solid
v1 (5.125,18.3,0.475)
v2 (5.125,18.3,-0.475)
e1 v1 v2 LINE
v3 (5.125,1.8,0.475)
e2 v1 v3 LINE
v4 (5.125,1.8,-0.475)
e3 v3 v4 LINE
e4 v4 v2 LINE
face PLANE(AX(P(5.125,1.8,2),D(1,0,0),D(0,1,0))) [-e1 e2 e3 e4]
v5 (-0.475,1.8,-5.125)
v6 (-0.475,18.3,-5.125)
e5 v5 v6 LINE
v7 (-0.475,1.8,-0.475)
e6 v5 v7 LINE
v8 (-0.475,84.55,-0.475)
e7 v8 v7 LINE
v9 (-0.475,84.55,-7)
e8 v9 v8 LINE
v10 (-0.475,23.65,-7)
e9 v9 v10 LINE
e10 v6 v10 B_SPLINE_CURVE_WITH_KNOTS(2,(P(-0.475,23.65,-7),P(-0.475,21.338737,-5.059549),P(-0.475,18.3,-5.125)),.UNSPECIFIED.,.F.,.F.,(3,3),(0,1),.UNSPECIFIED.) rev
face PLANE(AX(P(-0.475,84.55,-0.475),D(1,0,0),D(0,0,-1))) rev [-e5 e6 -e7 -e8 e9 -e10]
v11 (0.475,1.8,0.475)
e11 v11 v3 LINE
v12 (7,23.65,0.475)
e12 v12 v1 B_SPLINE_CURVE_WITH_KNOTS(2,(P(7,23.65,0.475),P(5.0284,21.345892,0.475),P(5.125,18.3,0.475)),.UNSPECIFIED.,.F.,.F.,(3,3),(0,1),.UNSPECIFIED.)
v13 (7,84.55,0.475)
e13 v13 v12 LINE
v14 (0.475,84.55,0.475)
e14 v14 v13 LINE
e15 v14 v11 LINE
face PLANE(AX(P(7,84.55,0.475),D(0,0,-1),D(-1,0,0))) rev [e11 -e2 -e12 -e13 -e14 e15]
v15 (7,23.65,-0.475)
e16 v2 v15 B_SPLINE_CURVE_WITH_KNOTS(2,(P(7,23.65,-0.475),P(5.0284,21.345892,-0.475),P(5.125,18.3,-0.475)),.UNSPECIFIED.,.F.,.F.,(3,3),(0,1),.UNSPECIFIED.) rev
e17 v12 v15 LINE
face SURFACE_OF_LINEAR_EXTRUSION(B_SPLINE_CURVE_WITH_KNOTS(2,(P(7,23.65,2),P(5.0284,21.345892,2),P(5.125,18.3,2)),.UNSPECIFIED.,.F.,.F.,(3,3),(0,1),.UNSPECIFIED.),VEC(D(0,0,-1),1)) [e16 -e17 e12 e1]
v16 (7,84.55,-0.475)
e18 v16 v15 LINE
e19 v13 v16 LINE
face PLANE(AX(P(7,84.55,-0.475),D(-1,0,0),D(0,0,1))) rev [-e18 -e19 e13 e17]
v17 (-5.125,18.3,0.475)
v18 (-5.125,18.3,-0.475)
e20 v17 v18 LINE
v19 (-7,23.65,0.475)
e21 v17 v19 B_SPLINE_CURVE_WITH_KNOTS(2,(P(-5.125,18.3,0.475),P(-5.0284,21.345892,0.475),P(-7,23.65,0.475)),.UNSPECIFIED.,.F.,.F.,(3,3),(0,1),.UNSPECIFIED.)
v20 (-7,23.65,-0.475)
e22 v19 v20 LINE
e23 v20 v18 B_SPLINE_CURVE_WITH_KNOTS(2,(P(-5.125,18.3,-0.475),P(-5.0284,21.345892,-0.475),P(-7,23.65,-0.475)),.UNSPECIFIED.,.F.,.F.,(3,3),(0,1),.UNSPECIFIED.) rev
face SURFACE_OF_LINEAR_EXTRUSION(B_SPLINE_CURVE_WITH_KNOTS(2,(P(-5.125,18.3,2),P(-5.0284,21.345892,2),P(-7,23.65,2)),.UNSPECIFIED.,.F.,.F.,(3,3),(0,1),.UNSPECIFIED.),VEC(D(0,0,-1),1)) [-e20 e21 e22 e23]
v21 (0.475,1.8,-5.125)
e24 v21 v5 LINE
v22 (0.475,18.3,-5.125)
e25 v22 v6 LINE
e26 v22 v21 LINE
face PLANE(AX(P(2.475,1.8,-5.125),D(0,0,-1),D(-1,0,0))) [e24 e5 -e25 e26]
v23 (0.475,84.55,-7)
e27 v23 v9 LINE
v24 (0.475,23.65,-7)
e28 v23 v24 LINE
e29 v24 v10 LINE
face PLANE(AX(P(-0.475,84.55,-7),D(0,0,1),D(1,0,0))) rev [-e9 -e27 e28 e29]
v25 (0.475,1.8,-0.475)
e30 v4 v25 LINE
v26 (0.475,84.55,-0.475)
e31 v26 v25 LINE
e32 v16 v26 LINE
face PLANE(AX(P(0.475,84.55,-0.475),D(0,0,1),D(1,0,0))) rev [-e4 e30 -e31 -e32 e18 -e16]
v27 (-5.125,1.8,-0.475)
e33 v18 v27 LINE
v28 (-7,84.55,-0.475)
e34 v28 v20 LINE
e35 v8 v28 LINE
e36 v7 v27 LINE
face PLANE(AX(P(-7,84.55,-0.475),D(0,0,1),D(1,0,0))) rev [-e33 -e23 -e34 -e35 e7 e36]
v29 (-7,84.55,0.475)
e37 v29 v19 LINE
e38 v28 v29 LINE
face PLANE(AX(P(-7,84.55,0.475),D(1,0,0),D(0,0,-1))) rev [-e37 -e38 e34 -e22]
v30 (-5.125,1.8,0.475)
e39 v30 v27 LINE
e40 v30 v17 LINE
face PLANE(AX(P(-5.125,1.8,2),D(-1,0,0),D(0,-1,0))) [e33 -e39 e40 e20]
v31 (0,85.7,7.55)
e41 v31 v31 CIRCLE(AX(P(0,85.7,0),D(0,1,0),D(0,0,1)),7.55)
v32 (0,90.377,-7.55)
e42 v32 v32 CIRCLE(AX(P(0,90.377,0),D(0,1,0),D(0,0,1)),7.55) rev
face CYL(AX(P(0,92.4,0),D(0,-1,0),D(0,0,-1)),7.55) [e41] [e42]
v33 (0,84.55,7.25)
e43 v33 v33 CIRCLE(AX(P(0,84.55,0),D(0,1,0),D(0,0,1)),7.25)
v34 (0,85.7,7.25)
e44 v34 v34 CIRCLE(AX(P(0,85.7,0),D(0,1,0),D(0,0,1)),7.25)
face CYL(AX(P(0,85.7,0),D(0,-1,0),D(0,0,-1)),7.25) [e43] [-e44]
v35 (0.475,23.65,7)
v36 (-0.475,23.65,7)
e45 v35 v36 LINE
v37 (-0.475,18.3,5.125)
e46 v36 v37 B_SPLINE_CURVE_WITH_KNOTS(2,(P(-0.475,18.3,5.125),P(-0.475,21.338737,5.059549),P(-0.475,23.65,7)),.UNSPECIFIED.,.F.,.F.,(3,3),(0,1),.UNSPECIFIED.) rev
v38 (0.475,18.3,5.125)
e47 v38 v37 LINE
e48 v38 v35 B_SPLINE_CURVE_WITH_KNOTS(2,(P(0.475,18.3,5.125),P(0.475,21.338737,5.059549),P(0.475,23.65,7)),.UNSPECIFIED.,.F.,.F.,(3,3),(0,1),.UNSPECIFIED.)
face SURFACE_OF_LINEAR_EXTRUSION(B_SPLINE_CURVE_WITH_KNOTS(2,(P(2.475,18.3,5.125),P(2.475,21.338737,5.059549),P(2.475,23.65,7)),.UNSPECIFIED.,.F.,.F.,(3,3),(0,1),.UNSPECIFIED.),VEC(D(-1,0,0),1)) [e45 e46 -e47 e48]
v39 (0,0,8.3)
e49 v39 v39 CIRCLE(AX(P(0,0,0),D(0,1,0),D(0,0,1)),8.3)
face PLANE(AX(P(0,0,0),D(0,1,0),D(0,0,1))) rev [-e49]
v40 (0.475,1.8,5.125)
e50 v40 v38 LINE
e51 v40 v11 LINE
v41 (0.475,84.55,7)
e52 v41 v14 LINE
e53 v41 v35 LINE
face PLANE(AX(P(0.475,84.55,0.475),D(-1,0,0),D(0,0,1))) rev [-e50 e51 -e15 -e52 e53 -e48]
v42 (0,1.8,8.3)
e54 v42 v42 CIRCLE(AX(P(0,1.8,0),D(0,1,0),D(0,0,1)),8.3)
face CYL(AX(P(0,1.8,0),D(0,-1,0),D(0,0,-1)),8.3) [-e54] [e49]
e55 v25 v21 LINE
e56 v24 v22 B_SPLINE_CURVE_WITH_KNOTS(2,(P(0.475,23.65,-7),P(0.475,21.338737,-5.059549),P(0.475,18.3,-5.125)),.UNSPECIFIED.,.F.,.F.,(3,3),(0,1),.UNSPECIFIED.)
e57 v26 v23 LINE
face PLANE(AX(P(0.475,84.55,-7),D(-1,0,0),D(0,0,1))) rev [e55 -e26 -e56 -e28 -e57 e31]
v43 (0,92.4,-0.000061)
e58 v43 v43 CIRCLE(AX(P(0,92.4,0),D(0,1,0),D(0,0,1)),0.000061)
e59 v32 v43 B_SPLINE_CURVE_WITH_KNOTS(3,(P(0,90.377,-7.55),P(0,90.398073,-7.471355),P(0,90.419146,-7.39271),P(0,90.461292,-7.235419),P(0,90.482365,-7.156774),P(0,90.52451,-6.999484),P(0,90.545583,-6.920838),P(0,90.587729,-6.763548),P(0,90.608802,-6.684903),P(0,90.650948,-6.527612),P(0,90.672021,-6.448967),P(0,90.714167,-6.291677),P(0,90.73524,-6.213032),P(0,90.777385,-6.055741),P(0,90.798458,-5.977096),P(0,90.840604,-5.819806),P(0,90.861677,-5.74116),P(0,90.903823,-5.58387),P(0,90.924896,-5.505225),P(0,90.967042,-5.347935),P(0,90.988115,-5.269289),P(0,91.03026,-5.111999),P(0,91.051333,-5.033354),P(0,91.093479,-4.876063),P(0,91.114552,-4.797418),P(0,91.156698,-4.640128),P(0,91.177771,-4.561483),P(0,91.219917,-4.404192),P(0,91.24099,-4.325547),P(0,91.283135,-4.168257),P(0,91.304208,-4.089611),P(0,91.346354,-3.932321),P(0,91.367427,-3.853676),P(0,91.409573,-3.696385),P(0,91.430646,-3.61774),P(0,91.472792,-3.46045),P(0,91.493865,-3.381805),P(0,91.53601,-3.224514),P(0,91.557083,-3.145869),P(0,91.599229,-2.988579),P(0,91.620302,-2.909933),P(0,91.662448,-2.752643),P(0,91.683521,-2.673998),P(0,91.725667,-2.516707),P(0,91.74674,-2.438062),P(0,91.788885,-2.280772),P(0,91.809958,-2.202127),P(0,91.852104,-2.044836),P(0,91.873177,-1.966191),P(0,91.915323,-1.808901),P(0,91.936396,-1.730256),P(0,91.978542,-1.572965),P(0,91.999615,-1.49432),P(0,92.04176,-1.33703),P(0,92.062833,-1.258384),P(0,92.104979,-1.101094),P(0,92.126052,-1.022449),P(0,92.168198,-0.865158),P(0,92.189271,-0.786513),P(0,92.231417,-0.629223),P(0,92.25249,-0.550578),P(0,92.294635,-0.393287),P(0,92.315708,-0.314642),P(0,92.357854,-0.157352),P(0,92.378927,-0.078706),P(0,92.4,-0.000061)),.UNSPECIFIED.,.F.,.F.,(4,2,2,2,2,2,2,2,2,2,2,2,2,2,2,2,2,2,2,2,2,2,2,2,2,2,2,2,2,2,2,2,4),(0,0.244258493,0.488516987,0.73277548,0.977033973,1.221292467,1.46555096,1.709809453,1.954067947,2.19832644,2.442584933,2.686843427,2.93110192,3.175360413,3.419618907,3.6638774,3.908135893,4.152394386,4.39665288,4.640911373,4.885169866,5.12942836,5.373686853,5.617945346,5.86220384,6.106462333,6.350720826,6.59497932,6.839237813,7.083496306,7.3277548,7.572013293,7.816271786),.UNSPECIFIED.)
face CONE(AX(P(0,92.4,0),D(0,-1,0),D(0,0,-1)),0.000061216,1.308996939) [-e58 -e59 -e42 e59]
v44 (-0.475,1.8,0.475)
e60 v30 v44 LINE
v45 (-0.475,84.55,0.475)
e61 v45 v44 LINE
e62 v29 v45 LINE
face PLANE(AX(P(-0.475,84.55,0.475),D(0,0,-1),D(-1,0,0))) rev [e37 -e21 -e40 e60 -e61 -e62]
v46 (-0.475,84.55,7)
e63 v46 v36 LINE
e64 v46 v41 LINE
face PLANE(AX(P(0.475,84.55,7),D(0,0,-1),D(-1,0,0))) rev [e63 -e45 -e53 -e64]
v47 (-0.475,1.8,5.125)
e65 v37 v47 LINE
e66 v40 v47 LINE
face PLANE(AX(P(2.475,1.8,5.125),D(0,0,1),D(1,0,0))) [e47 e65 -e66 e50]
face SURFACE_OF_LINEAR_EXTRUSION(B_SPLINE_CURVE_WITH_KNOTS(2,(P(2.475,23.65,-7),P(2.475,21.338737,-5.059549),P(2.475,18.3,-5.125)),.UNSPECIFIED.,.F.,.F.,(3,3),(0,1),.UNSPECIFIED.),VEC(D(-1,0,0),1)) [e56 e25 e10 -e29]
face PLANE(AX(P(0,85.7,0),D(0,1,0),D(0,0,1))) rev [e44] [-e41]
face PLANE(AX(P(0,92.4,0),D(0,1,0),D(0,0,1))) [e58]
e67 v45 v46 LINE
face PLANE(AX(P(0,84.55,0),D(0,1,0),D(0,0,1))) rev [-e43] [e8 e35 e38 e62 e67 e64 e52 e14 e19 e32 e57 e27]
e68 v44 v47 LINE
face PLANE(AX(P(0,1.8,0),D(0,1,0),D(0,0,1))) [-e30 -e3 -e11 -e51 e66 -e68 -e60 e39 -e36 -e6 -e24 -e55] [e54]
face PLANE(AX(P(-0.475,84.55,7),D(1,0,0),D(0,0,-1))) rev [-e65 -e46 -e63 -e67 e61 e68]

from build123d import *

# Parameters (mm, degrees)
SKETCH1_R               = 8.3
BOSS_EXTRUDE1_DEPTH     = 1.8
BOSS_EXTRUDE2_DEPTH     = 82.75
SKETCH3_R               = 7.25
BOSS_EXTRUDE3_DEPTH     = 1.15
SKETCH4_R               = 7.55
BOSS_EXTRUDE4_DEPTH     = 6.7
CHAMFER1_SIZE           = 2.023
CHAMFER1_SIZE2          = 7.549938784
CUT_EXTRUDE1_DEPTH      = 2
CUT_EXTRUDE1_DEPTH_BACK = 2
CUT_EXTRUDE2_DEPTH      = 2
CUT_EXTRUDE2_DEPTH_BACK = 2


with BuildPart() as part:
    # Sketch1 → Boss-Extrude1 (new body)
    with BuildSketch(Plane(origin=(0, 0, 0), x_dir=(1, 0, 0), z_dir=(0, 1, 0))):
        Circle(SKETCH1_R)
    extrude(amount=BOSS_EXTRUDE1_DEPTH)

    # Sketch2 → Boss-Extrude2 (add)
    with BuildSketch(Plane(origin=(0, 1.8, 0), x_dir=(1, 0, 0), z_dir=(0, 1, 0))):
        Polygon((-0.475, 0.475), (-0.475, 7), (0.475, 7), (0.475, 0.475), (7, 0.475), (7, -0.475), (0.475, -0.475), (0.475, -7), (-0.475, -7), (-0.475, -0.475), (-7, -0.475), (-7, 0.475), align=None)
    extrude(amount=BOSS_EXTRUDE2_DEPTH)

    # Sketch3 → Boss-Extrude3 (add)
    with BuildSketch(Plane(origin=(0, 84.55, 0), x_dir=(1, 0, 0), z_dir=(0, 1, 0))):
        Circle(SKETCH3_R)
    extrude(amount=BOSS_EXTRUDE3_DEPTH)

    # Sketch4 → Boss-Extrude4 (add)
    with BuildSketch(Plane(origin=(0, 85.7, 0), x_dir=(1, 0, 0), z_dir=(0, 1, 0))):
        Circle(SKETCH4_R)
    extrude(amount=BOSS_EXTRUDE4_DEPTH)

    # Chamfer1
    chamfer1_edges = [part.edges().sort_by_distance(p)[0] for p in [
        (-7.55, 92.4, 0),
    ]]
    chamfer1_side = [part.faces().sort_by_distance(p)[0] for p in [
        (-7.55, 89.05, 0),
    ]]
    chamfer(chamfer1_edges, length=CHAMFER1_SIZE, length2=CHAMFER1_SIZE2, reference=chamfer1_side[0])

    # Sketch7 → Cut-Extrude1 (cut, two sides: drawn at the far end of the back side and taken through both)
    with BuildSketch(Plane(origin=(0.475, 0, 0), x_dir=(0, 0, -1), z_dir=(1, 0, 0)).offset(-CUT_EXTRUDE1_DEPTH_BACK)):
        with BuildLine():
            Line((-7, 1.8), (-7, 23.65))
            add(Edge.make_bspline(
                [(-5.125, 18.3), (-5.059549187, 21.3387368), (-7, 23.65)],
                knots=[0, 0, 0, 1, 1, 1], degree=2))
            Line((-5.125, 18.3), (-5.125, 1.8))
            Line((-5.125, 1.8), (-7, 1.8))
        make_face()
        with BuildLine():
            Line((5.125, 1.8), (5.125, 18.3))
            add(Edge.make_bspline(
                [(5.125, 18.3), (5.059549187, 21.3387368), (7, 23.65)],
                knots=[0, 0, 0, 1, 1, 1], degree=2))
            Line((7, 23.65), (7, 1.8))
            Line((7, 1.8), (5.125, 1.8))
        make_face()
    extrude(amount=CUT_EXTRUDE1_DEPTH + CUT_EXTRUDE1_DEPTH_BACK, mode=Mode.SUBTRACT)

    # Sketch8 → Cut-Extrude2 (cut, two sides: drawn at the far end of the back side and taken through both)
    with BuildSketch(Plane.XY.offset(-CUT_EXTRUDE2_DEPTH_BACK)):
        with BuildLine():
            Line((-7, 1.8), (-7, 23.65))
            add(Edge.make_bspline(
                [(-5.125, 18.3), (-5.02840034, 21.345891772), (-7, 23.65)],
                knots=[0, 0, 0, 1, 1, 1], degree=2))
            Line((-5.125, 18.3), (-5.125, 1.8))
            Line((-5.125, 1.8), (-7, 1.8))
        make_face()
        with BuildLine():
            Line((7, 1.8), (5.125, 1.8))
            Line((5.125, 1.8), (5.125, 18.3))
            add(Edge.make_bspline(
                [(5.125, 18.3), (5.02840034, 21.345891772), (7, 23.65)],
                knots=[0, 0, 0, 1, 1, 1], degree=2))
            Line((7, 23.65), (7, 1.8))
        make_face()
    extrude(amount=CUT_EXTRUDE2_DEPTH + CUT_EXTRUDE2_DEPTH_BACK, mode=Mode.SUBTRACT)


solid = part.part
